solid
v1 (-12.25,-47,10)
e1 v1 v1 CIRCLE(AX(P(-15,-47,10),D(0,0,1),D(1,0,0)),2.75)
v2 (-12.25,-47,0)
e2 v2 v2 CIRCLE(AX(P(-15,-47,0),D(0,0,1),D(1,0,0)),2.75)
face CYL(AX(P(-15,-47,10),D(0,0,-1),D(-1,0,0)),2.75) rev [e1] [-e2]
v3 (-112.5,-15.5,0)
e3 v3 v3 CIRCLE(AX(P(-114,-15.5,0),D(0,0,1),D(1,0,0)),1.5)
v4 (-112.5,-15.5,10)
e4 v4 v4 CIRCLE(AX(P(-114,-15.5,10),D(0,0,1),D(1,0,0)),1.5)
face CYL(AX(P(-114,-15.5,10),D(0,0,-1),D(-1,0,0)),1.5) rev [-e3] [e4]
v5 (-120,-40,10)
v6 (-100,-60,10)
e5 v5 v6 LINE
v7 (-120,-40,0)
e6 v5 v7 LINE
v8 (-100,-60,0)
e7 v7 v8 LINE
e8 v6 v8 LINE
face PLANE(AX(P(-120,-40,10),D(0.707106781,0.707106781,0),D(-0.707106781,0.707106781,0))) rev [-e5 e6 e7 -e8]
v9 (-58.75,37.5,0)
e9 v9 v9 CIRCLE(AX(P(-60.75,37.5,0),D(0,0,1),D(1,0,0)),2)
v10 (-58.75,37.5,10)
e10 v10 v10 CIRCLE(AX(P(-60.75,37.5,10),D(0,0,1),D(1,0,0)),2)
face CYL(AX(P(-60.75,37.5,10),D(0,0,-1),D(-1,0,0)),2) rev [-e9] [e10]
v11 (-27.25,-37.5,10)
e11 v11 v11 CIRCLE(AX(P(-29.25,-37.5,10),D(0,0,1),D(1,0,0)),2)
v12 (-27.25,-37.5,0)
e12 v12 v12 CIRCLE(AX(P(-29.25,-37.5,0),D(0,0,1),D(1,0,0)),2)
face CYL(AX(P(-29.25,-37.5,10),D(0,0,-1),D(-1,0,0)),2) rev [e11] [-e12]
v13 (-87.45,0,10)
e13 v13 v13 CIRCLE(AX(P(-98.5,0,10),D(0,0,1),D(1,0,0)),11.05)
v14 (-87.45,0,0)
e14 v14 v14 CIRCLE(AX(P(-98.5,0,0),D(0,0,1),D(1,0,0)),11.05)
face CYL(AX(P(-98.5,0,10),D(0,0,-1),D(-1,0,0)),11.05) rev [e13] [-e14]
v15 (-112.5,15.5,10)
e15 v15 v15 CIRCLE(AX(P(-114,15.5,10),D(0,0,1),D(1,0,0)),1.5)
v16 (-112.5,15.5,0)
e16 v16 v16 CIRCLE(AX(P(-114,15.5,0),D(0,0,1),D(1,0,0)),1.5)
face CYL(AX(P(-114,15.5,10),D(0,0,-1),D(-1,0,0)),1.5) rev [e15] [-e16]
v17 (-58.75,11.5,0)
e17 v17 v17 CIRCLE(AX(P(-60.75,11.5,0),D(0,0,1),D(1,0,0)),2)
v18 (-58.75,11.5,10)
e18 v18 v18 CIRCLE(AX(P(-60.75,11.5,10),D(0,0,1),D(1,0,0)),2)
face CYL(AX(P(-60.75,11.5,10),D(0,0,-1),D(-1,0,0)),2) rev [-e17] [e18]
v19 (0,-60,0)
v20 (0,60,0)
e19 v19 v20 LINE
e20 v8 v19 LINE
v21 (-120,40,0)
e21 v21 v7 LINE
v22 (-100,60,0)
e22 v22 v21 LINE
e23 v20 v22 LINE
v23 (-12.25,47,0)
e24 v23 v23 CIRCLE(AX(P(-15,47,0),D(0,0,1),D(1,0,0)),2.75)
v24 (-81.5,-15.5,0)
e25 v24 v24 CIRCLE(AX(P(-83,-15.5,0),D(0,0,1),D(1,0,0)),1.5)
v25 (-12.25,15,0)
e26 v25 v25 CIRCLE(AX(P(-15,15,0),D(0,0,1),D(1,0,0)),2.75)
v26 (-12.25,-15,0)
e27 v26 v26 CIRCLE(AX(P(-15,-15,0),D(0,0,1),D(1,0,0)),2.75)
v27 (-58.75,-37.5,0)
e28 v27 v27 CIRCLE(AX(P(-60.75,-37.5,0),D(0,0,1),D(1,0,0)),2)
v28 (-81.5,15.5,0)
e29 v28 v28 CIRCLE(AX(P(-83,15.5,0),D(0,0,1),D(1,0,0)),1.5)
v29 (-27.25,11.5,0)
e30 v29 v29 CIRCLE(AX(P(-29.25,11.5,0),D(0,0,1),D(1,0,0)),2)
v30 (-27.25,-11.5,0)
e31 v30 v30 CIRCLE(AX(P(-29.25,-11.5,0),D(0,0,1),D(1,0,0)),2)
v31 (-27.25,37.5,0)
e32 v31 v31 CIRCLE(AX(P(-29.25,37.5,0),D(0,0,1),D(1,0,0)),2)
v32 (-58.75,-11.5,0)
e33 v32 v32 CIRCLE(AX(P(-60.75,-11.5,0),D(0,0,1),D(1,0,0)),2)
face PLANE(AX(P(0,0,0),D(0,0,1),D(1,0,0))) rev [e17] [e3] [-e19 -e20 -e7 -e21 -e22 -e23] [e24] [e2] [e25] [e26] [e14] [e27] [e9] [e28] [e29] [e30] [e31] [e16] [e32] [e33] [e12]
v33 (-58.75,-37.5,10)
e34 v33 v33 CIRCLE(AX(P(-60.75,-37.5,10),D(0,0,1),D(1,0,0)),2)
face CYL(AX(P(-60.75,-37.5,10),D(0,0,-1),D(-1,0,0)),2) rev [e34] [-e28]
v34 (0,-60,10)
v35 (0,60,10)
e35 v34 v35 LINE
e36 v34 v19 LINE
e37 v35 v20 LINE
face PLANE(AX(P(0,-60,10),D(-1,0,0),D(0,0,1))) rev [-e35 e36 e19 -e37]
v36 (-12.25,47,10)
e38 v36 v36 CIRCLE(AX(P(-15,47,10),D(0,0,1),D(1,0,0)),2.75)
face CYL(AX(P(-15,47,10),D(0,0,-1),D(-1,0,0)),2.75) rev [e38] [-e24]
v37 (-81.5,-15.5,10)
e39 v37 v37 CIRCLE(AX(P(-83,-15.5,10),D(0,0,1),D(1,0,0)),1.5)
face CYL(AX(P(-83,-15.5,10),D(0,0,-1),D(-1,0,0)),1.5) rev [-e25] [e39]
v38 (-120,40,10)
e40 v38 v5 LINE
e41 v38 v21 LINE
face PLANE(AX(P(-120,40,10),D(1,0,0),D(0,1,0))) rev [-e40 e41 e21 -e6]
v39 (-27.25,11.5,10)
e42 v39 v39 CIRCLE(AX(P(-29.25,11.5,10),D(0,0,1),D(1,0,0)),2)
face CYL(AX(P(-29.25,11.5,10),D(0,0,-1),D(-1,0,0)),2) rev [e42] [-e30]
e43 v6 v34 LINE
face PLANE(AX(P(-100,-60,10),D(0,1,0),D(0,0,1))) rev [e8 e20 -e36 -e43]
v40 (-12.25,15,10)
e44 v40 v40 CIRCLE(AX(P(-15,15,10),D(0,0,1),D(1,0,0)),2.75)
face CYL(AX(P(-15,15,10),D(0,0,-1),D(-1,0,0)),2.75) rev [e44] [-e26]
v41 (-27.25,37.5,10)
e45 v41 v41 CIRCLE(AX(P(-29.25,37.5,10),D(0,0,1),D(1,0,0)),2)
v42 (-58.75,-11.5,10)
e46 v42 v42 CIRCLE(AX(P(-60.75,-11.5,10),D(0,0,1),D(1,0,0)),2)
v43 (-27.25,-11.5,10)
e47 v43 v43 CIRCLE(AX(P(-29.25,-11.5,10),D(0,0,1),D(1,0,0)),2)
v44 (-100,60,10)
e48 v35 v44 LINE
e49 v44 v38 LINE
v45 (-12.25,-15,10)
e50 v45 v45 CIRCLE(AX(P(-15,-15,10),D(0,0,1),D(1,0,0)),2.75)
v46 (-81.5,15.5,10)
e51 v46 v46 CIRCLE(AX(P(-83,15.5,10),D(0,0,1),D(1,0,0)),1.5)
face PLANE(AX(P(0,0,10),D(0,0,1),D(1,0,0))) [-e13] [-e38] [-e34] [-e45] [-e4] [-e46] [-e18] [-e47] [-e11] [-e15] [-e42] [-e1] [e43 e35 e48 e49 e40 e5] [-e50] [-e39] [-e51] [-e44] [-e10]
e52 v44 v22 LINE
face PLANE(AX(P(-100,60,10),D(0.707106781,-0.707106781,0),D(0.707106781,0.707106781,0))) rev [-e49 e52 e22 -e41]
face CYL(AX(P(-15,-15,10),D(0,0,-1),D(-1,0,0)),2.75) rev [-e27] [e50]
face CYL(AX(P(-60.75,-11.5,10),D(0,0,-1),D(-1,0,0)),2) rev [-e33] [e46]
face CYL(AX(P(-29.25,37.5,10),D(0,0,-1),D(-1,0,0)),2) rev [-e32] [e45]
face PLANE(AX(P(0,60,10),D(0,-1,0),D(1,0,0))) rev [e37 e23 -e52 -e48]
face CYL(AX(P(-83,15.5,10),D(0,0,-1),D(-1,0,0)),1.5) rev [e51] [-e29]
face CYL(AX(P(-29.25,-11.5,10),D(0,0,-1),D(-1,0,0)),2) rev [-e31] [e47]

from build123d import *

# Parameters (mm, degrees)
SKETCH1_R           = 11.05
SKETCH1_R_2         = 1.5
SKETCH1_R_3         = 2
SKETCH1_R_4         = 2.75
BOSS_EXTRUDE1_DEPTH = 10


with BuildPart() as part:
    # Sketch1 → Boss-Extrude1 (new body)
    with BuildSketch(Plane.XY):
        Polygon((0, -60), (0, 60), (-100, 60), (-120, 40), (-120, -40), (-100, -60), align=None)
        with Locations((-98.5, 0)):
            Circle(SKETCH1_R, mode=Mode.SUBTRACT)
        with Locations((-83, 15.5)):
            Circle(SKETCH1_R_2, mode=Mode.SUBTRACT)
        with Locations((-114, 15.5)):
            Circle(SKETCH1_R_2, mode=Mode.SUBTRACT)
        with Locations((-114, -15.5)):
            Circle(SKETCH1_R_2, mode=Mode.SUBTRACT)
        with Locations((-83, -15.5)):
            Circle(SKETCH1_R_2, mode=Mode.SUBTRACT)
        with Locations((-60.75, 37.5)):
            Circle(SKETCH1_R_3, mode=Mode.SUBTRACT)
        with Locations((-29.25, 37.5)):
            Circle(SKETCH1_R_3, mode=Mode.SUBTRACT)
        with Locations((-60.75, 11.5)):
            Circle(SKETCH1_R_3, mode=Mode.SUBTRACT)
        with Locations((-29.25, 11.5)):
            Circle(SKETCH1_R_3, mode=Mode.SUBTRACT)
        with Locations((-60.75, -11.5)):
            Circle(SKETCH1_R_3, mode=Mode.SUBTRACT)
        with Locations((-29.25, -11.5)):
            Circle(SKETCH1_R_3, mode=Mode.SUBTRACT)
        with Locations((-29.25, -37.5)):
            Circle(SKETCH1_R_3, mode=Mode.SUBTRACT)
        with Locations((-60.75, -37.5)):
            Circle(SKETCH1_R_3, mode=Mode.SUBTRACT)
        with Locations((-15, 47)):
            Circle(SKETCH1_R_4, mode=Mode.SUBTRACT)
        with Locations((-15, 15)):
            Circle(SKETCH1_R_4, mode=Mode.SUBTRACT)
        with Locations((-15, -15)):
            Circle(SKETCH1_R_4, mode=Mode.SUBTRACT)
        with Locations((-15, -47)):
            Circle(SKETCH1_R_4, mode=Mode.SUBTRACT)
    extrude(amount=BOSS_EXTRUDE1_DEPTH)


solid = part.part
